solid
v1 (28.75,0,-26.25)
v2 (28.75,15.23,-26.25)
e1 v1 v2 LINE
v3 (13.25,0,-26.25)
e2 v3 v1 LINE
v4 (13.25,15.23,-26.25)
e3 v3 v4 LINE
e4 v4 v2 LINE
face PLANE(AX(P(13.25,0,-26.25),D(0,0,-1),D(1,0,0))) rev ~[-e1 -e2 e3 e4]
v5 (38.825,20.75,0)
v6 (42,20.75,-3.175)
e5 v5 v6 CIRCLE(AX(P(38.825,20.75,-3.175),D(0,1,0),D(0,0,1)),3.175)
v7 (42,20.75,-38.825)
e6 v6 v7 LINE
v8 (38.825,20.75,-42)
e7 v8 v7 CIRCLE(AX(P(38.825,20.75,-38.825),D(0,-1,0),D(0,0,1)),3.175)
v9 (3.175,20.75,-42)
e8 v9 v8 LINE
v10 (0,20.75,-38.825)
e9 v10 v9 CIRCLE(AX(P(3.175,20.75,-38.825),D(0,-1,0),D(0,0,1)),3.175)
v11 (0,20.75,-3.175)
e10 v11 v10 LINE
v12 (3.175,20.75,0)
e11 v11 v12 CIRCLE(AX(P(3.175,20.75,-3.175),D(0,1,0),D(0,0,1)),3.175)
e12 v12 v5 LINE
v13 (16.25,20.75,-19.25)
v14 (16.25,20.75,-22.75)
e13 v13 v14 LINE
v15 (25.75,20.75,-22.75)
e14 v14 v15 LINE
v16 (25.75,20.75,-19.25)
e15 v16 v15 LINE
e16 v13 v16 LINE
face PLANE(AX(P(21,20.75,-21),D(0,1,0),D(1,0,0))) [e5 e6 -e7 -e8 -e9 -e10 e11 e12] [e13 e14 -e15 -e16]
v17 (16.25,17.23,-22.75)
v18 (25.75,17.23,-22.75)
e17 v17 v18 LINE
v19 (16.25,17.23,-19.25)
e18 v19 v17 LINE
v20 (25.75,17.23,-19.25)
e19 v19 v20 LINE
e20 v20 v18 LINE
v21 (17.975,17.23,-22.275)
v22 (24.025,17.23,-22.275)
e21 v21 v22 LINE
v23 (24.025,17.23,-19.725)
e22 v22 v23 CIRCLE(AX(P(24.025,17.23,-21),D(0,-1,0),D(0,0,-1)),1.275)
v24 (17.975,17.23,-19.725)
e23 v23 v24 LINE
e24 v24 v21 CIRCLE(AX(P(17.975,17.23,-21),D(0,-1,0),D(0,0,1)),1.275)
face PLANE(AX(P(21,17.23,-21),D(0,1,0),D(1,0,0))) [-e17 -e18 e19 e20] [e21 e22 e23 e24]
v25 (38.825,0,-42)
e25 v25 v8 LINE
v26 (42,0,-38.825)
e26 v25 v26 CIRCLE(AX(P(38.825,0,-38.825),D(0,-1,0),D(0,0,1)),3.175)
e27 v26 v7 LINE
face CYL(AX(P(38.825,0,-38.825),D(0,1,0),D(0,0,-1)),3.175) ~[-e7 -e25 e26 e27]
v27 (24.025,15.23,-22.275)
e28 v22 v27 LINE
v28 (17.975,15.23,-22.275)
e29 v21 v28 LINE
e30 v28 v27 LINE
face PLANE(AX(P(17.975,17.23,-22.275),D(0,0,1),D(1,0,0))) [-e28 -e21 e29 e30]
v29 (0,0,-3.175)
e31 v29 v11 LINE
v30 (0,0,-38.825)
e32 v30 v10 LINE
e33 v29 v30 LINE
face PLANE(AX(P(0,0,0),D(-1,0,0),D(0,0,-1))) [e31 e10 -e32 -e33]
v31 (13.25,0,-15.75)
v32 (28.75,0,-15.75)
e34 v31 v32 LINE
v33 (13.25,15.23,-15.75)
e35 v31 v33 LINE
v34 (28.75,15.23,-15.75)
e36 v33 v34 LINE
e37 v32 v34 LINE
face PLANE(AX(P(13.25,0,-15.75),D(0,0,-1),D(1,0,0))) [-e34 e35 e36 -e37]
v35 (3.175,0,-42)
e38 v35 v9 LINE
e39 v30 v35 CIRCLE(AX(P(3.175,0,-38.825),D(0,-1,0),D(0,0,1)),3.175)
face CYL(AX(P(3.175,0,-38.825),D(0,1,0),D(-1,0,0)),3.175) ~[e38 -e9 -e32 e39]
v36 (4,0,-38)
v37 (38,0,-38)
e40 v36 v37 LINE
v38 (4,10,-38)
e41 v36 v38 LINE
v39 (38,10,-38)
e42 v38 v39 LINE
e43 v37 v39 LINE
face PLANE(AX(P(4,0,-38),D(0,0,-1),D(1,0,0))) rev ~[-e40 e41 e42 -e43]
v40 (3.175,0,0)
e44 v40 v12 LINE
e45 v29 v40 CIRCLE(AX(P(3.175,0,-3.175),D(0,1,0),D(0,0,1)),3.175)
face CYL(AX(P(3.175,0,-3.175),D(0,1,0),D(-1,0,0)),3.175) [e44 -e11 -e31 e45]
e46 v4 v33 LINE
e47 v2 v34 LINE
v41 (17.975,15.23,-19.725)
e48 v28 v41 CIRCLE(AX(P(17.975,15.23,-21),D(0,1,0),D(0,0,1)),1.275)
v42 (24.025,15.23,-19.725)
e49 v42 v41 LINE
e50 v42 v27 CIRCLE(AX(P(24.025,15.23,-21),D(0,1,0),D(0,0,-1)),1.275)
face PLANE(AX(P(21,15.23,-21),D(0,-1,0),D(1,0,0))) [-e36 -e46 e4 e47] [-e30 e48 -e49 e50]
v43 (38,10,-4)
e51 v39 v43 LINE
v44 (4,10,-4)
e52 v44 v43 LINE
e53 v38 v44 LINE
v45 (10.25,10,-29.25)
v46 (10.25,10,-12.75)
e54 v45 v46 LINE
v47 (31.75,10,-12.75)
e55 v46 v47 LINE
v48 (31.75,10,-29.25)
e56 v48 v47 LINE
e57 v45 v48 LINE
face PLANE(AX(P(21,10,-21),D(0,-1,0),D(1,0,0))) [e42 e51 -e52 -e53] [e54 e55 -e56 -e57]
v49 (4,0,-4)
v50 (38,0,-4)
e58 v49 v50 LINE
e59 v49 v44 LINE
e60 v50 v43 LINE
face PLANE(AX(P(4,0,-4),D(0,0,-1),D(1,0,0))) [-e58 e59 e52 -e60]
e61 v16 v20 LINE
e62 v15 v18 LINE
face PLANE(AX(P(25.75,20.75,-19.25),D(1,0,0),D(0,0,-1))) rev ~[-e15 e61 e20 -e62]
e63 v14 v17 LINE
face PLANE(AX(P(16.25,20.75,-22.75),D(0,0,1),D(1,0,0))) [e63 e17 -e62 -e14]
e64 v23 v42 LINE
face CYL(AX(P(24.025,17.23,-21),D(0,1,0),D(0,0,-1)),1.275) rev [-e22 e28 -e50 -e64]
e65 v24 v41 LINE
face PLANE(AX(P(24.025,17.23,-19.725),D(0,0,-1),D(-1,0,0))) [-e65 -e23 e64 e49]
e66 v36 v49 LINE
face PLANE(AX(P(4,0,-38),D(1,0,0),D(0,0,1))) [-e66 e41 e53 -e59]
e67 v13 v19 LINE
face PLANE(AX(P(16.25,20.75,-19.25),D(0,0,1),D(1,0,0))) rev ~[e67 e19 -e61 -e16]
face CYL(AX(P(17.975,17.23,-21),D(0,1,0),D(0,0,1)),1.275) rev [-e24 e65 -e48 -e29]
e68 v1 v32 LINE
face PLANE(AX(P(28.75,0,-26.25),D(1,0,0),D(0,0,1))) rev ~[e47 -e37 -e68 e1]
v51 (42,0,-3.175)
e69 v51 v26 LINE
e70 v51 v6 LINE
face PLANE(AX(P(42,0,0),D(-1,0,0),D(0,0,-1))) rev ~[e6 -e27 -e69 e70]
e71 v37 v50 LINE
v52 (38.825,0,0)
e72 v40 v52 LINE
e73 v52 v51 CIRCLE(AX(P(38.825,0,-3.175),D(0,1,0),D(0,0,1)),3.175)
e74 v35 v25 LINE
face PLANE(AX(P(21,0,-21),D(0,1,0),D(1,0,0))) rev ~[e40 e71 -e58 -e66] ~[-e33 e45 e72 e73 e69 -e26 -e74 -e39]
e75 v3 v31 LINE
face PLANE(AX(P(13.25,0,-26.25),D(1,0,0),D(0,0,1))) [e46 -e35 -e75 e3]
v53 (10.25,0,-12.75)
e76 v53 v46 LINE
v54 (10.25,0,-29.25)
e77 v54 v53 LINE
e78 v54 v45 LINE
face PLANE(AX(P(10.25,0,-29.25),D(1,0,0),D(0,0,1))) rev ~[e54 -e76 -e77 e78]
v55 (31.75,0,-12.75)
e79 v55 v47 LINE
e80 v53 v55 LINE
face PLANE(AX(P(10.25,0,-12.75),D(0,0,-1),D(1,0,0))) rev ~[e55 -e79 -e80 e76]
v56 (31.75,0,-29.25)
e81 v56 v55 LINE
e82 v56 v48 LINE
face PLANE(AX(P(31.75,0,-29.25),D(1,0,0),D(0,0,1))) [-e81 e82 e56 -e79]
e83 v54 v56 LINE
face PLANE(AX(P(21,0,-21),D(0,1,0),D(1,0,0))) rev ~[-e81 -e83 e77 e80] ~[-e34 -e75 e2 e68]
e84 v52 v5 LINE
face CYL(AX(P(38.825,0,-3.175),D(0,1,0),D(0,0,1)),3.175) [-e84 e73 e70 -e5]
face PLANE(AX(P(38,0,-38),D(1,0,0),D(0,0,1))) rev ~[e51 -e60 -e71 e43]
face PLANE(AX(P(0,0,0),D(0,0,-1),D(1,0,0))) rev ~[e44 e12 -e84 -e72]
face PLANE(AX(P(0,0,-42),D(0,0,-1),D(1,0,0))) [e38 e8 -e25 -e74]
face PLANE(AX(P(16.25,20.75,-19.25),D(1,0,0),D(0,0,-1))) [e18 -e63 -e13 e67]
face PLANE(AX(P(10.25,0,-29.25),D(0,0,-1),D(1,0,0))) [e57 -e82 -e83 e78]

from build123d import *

# Parameters (mm, degrees)
SKETCH1_W           = 42
SKETCH1_H           = 42
BOSS_EXTRUDE1_DEPTH = 20.75
SKETCH2_W           = 9.5
SKETCH2_H           = 3.5
CUT_EXTRUDE4_DEPTH  = 3.52
SKETCH3_W           = 15.5
SKETCH3_H           = 10.5
CUT_EXTRUDE1_DEPTH  = 15.23
CUT_EXTRUDE2_REACH  = 19.23
SKETCH5_W           = 34
SKETCH5_H           = 34
SKETCH5_W_2         = 21.5
SKETCH5_H_2         = 16.5
CUT_EXTRUDE5_DEPTH  = 10
FILLET1_R           = 3.175


with BuildPart() as part:
    # Sketch1 → Boss-Extrude1 (new body)
    with BuildSketch(Plane(origin=(0, 0, 0), x_dir=(1, 0, 0), z_dir=(0, 1, 0))):
        with Locations((21, 21)):
            Rectangle(SKETCH1_W, SKETCH1_H)
    extrude(amount=BOSS_EXTRUDE1_DEPTH)

    # Sketch2 → Cut-Extrude4 (cut)
    with BuildSketch(Plane(origin=(0, 20.75, 0), x_dir=(1, 0, 0), z_dir=(0, 1, 0))):
        with Locations((21, 21)):
            Rectangle(SKETCH2_W, SKETCH2_H)
    extrude(amount=-CUT_EXTRUDE4_DEPTH, mode=Mode.SUBTRACT)

    # Sketch3 → Cut-Extrude1 (cut)
    with BuildSketch(Plane.XZ):
        with Locations((21, -21)):
            Rectangle(SKETCH3_W, SKETCH3_H)
    extrude(amount=-CUT_EXTRUDE1_DEPTH, mode=Mode.SUBTRACT)

    # Sketch4 → Cut-Extrude2 (cut, up to next)
    with BuildSketch(Plane(origin=(0, 17.23, 0), x_dir=(1, 0, 0), z_dir=(0, 1, 0)), mode=Mode.PRIVATE) as cut_extrude2_sk1:
        with BuildLine():
            Line((17.975, 22.275), (24.025, 22.275))
            ThreePointArc((24.025, 22.275), (25.3, 21), (24.025, 19.725))
            Line((24.025, 19.725), (17.975, 19.725))
            ThreePointArc((17.975, 19.725), (16.7, 21), (17.975, 22.275))
        make_face()
    cut_extrude2_tool1 = extrude(cut_extrude2_sk1.sketch, amount=-CUT_EXTRUDE2_REACH, mode=Mode.PRIVATE) & part.part
    add(cut_extrude2_tool1.solids().sort_by_distance((21, 17.23, -21))[0], mode=Mode.SUBTRACT)

    # Sketch5 → Cut-Extrude5 (cut)
    with BuildSketch(Plane.XZ):
        with Locations((21, -21)):
            Rectangle(SKETCH5_W, SKETCH5_H)
        with Locations((21, -21)):
            Rectangle(SKETCH5_W_2, SKETCH5_H_2, mode=Mode.SUBTRACT)
    extrude(amount=-CUT_EXTRUDE5_DEPTH, mode=Mode.SUBTRACT)

    # Fillet1
    fillet1_edges = [part.edges().sort_by_distance(p)[0] for p in [
        (0, 10.375, -42),
        (42, 10.375, -42),
        (42, 10.375, 0),
        (0, 10.375, 0),
    ]]
    fillet(fillet1_edges, radius=FILLET1_R)


solid = part.part
